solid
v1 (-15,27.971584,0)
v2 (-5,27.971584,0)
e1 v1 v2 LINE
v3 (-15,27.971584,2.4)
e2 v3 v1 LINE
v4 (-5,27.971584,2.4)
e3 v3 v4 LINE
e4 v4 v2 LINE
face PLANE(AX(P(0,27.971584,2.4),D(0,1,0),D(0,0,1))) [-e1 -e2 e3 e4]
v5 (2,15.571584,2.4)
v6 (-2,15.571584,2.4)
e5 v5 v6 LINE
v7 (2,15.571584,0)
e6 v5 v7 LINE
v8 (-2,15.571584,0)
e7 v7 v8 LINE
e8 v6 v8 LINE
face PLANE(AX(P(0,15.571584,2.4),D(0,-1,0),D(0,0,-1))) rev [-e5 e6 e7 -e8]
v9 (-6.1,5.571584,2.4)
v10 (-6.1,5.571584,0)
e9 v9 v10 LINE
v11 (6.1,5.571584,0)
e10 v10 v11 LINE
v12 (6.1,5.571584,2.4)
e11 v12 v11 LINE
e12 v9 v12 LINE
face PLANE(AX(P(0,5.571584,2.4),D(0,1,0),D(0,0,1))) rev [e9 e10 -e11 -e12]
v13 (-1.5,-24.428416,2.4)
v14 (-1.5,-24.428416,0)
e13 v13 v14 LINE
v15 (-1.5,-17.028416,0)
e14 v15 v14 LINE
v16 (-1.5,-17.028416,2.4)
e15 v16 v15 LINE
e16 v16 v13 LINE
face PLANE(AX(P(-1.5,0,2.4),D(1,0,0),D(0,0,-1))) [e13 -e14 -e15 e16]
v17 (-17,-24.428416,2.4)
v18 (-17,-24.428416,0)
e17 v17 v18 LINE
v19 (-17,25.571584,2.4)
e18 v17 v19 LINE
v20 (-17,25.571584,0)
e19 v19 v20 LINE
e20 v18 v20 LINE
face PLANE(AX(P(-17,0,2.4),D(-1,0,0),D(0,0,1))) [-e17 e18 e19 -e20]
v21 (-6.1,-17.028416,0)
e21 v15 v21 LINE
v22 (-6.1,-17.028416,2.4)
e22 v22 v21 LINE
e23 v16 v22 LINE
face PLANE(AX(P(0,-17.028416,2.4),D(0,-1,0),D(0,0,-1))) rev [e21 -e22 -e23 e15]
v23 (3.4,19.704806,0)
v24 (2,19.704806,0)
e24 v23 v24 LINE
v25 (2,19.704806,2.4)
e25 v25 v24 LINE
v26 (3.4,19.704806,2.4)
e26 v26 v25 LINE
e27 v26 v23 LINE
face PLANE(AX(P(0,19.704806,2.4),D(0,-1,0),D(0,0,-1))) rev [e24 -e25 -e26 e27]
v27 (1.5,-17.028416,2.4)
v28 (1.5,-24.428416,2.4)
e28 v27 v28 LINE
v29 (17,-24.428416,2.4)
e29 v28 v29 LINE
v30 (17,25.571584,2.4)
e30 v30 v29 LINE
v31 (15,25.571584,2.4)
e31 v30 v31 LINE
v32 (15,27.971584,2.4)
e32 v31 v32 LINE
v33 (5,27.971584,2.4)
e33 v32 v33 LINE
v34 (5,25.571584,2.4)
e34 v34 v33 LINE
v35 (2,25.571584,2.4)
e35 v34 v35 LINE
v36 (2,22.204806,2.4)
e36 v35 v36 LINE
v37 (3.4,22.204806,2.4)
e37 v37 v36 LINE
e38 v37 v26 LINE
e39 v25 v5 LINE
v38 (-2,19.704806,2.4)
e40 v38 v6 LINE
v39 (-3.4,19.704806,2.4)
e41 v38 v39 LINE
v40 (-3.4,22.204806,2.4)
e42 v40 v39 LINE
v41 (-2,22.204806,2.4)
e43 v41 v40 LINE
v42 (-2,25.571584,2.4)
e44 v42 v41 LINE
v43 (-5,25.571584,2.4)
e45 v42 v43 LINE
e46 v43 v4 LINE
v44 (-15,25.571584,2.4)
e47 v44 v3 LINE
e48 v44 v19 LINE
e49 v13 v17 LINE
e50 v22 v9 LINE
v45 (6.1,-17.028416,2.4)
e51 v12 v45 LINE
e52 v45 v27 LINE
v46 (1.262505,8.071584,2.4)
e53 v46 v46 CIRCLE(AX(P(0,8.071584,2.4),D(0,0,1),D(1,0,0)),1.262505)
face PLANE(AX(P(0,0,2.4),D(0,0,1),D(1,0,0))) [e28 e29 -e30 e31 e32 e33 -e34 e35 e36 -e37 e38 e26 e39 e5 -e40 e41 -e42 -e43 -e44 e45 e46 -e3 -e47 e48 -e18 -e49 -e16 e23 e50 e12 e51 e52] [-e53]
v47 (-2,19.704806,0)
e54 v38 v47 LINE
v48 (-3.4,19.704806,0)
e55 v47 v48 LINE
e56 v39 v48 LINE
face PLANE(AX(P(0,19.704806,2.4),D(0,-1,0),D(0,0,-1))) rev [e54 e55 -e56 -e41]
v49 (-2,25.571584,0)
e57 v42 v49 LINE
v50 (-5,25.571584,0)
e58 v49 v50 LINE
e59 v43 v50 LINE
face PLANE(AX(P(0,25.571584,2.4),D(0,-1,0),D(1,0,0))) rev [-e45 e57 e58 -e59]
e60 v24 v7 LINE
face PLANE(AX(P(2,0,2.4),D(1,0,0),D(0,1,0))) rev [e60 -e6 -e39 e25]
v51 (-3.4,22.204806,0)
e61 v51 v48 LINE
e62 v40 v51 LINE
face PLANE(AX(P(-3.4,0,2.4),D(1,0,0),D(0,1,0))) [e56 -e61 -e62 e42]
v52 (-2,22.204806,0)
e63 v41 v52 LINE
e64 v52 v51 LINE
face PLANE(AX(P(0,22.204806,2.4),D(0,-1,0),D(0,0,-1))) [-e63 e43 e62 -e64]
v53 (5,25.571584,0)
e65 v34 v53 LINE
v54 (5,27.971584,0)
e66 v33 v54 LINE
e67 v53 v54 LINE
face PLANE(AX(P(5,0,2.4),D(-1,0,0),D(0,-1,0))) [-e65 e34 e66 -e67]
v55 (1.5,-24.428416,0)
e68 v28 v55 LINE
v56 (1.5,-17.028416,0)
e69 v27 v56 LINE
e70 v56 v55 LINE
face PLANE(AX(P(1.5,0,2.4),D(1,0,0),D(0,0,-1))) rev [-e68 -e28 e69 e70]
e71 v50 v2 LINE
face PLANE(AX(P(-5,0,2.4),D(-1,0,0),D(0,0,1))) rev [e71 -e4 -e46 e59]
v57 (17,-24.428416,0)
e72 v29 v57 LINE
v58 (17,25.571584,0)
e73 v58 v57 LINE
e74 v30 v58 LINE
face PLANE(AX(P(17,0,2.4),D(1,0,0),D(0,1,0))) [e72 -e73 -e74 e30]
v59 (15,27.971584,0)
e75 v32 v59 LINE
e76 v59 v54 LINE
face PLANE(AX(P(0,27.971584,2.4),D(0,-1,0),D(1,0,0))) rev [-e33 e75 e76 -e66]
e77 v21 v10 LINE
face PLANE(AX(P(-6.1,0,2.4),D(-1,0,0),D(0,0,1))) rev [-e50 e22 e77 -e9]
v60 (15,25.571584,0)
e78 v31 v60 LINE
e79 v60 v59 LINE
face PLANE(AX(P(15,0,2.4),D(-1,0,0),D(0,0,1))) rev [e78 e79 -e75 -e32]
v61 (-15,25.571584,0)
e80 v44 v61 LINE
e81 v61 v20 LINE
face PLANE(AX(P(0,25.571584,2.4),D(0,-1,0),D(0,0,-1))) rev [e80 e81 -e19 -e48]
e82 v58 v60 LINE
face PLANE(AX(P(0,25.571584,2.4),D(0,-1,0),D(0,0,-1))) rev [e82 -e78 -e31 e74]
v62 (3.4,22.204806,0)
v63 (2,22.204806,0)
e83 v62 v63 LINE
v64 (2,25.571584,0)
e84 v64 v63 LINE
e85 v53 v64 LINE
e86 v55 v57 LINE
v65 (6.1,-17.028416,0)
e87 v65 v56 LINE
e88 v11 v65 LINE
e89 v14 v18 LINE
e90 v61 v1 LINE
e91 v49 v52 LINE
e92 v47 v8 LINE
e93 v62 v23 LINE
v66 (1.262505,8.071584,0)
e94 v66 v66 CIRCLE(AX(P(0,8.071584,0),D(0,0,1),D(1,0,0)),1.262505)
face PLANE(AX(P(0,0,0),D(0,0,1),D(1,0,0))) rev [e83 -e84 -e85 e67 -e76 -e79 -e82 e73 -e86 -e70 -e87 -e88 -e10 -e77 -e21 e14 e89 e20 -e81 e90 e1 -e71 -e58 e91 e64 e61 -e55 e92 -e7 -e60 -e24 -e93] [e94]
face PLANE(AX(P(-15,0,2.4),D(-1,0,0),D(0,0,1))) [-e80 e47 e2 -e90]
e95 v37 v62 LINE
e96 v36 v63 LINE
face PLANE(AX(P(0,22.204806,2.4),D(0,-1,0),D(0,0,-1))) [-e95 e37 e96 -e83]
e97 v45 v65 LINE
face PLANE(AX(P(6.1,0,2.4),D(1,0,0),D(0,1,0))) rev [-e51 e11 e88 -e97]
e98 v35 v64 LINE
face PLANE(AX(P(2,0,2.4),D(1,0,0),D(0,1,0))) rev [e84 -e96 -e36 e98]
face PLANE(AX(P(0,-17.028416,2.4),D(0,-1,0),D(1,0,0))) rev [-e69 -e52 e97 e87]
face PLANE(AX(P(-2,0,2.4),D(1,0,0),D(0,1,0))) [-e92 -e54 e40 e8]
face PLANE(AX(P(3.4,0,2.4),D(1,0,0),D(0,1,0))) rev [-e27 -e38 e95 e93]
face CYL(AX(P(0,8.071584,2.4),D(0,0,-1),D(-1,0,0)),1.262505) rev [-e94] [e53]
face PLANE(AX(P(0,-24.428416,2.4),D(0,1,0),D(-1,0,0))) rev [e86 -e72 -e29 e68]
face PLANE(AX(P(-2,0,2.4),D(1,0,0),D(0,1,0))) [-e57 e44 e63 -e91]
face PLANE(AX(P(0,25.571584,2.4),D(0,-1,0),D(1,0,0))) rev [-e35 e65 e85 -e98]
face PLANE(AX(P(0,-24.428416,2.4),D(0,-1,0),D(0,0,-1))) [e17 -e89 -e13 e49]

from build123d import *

# Parameters (mm, degrees)
SKETCH1_R           = 1.262505146
BOSS_EXTRUDE1_DEPTH = 2.4


with BuildPart() as part:
    # Sketch1 → Boss-Extrude1 (new body)
    with BuildSketch(Plane.XY):
        Polygon((17, 25.571584313), (15, 25.571584313), (15, 27.971584313), (5, 27.971584313), (5, 25.571584313), (2, 25.571584313), (2, 22.204806168), (3.4, 22.204806168), (3.4, 19.704806168), (2, 19.704806168), (2, 15.571584313), (-2, 15.571584313), (-2, 19.704806168), (-3.4, 19.704806168), (-3.4, 22.204806168), (-2, 22.204806168), (-2, 25.571584313), (-5, 25.571584313), (-5, 27.971584313), (-15, 27.971584313), (-15, 25.571584313), (-17, 25.571584313), (-17, -24.428415687), (-1.5, -24.428415687), (-1.5, -17.028415687), (-6.1, -17.028415687), (-6.1, 5.571584313), (0, 5.571584313), (6.1, 5.571584313), (6.1, -17.028415687), (1.5, -17.028415687), (1.5, -24.428415687), (17, -24.428415687), align=None)
        with Locations((0, 8.071584313)):
            Circle(SKETCH1_R, mode=Mode.SUBTRACT)
    extrude(amount=BOSS_EXTRUDE1_DEPTH)


solid = part.part
